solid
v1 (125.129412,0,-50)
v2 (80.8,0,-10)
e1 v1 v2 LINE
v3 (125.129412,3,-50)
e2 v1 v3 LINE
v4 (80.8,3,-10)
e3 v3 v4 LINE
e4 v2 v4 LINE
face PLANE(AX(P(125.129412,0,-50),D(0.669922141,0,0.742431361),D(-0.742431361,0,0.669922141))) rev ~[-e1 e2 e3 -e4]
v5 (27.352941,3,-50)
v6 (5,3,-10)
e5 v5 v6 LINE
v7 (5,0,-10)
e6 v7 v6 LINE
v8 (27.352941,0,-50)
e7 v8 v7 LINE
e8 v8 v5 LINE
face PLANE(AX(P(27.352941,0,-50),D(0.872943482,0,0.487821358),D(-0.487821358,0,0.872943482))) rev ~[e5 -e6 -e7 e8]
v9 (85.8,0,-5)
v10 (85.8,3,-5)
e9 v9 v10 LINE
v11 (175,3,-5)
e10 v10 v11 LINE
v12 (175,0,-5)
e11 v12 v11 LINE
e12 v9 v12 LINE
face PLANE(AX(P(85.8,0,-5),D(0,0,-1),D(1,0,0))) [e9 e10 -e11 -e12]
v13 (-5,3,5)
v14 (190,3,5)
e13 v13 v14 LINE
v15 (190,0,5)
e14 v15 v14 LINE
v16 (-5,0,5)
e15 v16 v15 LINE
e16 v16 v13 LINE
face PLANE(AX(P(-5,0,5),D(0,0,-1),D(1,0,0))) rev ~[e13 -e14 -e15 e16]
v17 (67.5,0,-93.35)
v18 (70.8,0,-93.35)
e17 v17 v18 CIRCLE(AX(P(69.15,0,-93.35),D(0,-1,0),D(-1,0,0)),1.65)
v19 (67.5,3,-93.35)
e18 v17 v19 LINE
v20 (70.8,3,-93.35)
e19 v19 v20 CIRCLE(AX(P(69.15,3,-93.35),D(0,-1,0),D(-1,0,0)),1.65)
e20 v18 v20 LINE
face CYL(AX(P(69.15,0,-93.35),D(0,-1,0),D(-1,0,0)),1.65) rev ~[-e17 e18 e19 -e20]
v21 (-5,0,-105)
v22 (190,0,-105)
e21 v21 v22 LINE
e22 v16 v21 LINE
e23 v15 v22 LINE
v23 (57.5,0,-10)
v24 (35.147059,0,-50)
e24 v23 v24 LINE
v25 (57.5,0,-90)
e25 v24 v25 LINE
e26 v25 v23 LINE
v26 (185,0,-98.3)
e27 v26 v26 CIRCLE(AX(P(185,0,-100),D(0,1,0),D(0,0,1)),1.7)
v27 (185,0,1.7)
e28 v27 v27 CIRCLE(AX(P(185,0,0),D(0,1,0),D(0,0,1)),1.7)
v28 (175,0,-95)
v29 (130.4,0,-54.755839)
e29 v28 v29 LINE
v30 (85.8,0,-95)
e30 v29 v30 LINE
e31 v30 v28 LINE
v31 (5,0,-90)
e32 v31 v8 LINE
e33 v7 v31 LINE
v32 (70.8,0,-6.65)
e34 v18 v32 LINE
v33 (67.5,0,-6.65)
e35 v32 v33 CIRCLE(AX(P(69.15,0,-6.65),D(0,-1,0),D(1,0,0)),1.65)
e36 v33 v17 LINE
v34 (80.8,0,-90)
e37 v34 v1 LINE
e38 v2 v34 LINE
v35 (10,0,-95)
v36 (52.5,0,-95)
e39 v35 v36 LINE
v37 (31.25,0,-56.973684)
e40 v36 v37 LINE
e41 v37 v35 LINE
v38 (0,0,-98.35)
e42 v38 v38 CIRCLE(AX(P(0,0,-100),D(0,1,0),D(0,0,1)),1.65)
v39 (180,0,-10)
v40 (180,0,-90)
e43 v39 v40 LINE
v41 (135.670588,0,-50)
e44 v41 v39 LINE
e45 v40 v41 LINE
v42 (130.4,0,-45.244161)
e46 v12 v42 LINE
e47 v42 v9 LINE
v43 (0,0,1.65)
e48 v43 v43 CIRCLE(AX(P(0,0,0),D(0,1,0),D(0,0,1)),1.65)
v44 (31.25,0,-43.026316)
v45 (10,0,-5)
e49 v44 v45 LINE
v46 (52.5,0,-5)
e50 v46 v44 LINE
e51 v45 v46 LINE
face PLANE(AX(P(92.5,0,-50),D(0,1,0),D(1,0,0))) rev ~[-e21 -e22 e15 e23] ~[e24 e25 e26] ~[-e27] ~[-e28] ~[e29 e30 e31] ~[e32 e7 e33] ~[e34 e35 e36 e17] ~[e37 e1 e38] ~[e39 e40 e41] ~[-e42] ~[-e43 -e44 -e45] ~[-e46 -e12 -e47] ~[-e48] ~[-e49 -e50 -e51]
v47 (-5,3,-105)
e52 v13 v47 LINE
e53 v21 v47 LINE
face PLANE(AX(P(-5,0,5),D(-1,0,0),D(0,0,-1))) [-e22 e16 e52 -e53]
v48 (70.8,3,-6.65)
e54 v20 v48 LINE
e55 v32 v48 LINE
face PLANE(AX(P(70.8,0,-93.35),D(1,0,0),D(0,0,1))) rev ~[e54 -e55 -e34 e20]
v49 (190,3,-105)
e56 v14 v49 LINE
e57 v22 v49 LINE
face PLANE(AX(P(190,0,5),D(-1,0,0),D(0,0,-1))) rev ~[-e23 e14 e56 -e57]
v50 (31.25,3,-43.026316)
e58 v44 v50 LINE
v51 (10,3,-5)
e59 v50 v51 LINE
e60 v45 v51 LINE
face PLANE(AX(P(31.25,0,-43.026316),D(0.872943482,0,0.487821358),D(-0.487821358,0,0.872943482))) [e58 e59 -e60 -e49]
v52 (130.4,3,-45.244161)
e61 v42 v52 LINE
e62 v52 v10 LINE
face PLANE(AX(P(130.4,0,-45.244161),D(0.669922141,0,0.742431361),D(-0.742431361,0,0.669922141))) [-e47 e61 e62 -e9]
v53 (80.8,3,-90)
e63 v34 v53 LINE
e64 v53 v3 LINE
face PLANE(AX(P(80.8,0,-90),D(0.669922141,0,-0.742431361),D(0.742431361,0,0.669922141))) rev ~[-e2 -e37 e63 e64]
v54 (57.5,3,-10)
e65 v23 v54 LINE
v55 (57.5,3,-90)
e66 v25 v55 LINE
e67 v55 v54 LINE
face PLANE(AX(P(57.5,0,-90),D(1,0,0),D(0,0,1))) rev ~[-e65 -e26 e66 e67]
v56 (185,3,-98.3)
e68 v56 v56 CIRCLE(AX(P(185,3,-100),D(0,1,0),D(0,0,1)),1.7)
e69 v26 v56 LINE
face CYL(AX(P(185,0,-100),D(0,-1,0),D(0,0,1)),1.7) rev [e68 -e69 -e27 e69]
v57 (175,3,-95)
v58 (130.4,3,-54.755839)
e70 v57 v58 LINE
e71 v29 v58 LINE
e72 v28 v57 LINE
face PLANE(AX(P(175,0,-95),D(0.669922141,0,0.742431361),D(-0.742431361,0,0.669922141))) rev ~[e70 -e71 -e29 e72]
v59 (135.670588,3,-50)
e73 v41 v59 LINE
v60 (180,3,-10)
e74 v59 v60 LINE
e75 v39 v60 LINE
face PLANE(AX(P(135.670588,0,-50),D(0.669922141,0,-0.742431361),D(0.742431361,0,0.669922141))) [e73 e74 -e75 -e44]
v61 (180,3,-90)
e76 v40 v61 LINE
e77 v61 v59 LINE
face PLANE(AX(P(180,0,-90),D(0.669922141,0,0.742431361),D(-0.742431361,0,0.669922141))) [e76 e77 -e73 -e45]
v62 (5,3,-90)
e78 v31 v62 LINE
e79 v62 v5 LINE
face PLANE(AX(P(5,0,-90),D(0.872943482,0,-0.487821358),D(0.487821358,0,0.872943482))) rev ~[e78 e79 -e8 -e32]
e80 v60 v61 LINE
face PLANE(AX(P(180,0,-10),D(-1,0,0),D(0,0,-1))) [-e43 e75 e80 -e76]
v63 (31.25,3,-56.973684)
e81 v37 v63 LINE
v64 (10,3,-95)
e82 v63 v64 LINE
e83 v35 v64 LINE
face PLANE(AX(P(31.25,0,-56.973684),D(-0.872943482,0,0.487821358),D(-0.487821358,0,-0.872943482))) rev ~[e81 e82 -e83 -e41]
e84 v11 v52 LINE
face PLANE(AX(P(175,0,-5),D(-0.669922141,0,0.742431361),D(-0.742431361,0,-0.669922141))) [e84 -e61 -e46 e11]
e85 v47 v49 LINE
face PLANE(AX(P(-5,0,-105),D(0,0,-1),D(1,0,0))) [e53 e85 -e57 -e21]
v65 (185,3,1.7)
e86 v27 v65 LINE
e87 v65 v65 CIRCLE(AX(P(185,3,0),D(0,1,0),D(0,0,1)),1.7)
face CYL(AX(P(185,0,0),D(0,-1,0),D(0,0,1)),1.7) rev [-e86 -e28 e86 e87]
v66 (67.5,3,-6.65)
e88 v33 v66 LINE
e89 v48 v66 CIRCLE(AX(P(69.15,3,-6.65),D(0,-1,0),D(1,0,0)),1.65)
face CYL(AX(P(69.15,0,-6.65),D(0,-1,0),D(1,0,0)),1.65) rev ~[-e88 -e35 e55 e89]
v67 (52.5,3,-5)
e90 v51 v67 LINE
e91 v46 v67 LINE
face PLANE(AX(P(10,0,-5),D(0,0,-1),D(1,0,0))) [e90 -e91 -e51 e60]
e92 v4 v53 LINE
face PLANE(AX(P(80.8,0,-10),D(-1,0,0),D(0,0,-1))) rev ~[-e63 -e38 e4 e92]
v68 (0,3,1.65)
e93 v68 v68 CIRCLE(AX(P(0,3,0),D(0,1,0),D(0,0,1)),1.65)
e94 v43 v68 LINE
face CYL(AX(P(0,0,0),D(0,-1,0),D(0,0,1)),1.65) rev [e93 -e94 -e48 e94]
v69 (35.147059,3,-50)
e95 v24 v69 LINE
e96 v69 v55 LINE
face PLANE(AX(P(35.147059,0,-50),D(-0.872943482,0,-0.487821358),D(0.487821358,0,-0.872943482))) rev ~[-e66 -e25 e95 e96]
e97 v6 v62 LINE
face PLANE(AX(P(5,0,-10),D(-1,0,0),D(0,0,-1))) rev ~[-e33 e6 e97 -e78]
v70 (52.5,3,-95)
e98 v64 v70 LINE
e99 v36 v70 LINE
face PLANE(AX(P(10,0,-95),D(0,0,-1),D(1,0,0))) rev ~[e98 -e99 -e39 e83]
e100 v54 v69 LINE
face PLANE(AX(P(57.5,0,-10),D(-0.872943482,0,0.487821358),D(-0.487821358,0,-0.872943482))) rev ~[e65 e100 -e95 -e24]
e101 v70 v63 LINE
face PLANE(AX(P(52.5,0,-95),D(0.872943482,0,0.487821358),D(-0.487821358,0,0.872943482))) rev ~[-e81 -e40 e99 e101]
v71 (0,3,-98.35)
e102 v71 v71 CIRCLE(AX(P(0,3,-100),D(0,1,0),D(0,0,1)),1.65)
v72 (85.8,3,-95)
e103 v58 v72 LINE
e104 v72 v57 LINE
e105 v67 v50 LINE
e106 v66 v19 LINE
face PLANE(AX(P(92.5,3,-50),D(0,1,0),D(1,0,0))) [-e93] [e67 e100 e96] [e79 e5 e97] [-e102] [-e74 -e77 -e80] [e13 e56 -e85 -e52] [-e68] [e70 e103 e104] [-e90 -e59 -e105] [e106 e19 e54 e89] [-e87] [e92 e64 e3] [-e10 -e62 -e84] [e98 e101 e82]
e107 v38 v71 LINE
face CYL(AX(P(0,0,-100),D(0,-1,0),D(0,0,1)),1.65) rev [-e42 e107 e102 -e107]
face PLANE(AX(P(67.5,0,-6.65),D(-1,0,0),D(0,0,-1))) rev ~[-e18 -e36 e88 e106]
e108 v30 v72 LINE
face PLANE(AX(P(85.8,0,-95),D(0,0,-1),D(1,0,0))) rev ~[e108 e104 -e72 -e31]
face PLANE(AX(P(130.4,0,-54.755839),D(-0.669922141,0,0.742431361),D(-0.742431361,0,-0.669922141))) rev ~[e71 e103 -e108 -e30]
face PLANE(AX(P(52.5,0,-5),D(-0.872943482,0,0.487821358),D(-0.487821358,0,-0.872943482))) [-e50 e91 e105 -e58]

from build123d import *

# Parameters (mm, degrees)
SKETCH_1_W      = 195
SKETCH_1_H      = 110
SKETCH_1_R      = 1.65
SKETCH_1_R_2    = 1.7
EXTRUDE_1_DEPTH = 3


with BuildPart() as part:
    # 草图1 → 凸台-拉伸1 (new body)
    with BuildSketch(Plane(origin=(0, 0, 0), x_dir=(1, 0, 0), z_dir=(0, 1, 0))):
        with Locations((92.5, 50)):
            Rectangle(SKETCH_1_W, SKETCH_1_H)
        with Locations(Location((0, 0, 0), (0, 0, 270))):
            Circle(SKETCH_1_R, mode=Mode.SUBTRACT)
        with Locations(Location((0, 100, 0), (0, 0, 270))):
            Circle(SKETCH_1_R, mode=Mode.SUBTRACT)
        with Locations(Location((185, 100, 0), (0, 0, 270))):
            Circle(SKETCH_1_R_2, mode=Mode.SUBTRACT)
        with Locations(Location((185, 0, 0), (0, 0, 270))):
            Circle(SKETCH_1_R_2, mode=Mode.SUBTRACT)
        with BuildLine():
            Line((67.5, 6.65), (67.5, 93.35))
            ThreePointArc((67.5, 93.35), (69.15, 95), (70.8, 93.35))
            Line((70.8, 93.35), (70.8, 6.65))
            ThreePointArc((70.8, 6.65), (69.15, 5), (67.5, 6.65))
        make_face(mode=Mode.SUBTRACT)
        Polygon((5, 90), (27.352941176, 50), (5, 10), align=None, mode=Mode.SUBTRACT)
        Polygon((10, 95), (52.5, 95), (31.25, 56.973684211), align=None, mode=Mode.SUBTRACT)
        Polygon((10, 5), (52.5, 5), (31.25, 43.026315789), align=None, mode=Mode.SUBTRACT)
        Polygon((57.5, 90), (57.5, 10), (35.147058824, 50), align=None, mode=Mode.SUBTRACT)
        Polygon((85.8, 5), (175, 5), (130.4, 45.244161359), align=None, mode=Mode.SUBTRACT)
        Polygon((80.8, 10), (80.8, 90), (125.129411765, 50), align=None, mode=Mode.SUBTRACT)
        Polygon((85.8, 95), (175, 95), (130.4, 54.755838641), align=None, mode=Mode.SUBTRACT)
        Polygon((180, 10), (180, 90), (135.670588235, 50), align=None, mode=Mode.SUBTRACT)
    extrude(amount=EXTRUDE_1_DEPTH)


solid = part.part
